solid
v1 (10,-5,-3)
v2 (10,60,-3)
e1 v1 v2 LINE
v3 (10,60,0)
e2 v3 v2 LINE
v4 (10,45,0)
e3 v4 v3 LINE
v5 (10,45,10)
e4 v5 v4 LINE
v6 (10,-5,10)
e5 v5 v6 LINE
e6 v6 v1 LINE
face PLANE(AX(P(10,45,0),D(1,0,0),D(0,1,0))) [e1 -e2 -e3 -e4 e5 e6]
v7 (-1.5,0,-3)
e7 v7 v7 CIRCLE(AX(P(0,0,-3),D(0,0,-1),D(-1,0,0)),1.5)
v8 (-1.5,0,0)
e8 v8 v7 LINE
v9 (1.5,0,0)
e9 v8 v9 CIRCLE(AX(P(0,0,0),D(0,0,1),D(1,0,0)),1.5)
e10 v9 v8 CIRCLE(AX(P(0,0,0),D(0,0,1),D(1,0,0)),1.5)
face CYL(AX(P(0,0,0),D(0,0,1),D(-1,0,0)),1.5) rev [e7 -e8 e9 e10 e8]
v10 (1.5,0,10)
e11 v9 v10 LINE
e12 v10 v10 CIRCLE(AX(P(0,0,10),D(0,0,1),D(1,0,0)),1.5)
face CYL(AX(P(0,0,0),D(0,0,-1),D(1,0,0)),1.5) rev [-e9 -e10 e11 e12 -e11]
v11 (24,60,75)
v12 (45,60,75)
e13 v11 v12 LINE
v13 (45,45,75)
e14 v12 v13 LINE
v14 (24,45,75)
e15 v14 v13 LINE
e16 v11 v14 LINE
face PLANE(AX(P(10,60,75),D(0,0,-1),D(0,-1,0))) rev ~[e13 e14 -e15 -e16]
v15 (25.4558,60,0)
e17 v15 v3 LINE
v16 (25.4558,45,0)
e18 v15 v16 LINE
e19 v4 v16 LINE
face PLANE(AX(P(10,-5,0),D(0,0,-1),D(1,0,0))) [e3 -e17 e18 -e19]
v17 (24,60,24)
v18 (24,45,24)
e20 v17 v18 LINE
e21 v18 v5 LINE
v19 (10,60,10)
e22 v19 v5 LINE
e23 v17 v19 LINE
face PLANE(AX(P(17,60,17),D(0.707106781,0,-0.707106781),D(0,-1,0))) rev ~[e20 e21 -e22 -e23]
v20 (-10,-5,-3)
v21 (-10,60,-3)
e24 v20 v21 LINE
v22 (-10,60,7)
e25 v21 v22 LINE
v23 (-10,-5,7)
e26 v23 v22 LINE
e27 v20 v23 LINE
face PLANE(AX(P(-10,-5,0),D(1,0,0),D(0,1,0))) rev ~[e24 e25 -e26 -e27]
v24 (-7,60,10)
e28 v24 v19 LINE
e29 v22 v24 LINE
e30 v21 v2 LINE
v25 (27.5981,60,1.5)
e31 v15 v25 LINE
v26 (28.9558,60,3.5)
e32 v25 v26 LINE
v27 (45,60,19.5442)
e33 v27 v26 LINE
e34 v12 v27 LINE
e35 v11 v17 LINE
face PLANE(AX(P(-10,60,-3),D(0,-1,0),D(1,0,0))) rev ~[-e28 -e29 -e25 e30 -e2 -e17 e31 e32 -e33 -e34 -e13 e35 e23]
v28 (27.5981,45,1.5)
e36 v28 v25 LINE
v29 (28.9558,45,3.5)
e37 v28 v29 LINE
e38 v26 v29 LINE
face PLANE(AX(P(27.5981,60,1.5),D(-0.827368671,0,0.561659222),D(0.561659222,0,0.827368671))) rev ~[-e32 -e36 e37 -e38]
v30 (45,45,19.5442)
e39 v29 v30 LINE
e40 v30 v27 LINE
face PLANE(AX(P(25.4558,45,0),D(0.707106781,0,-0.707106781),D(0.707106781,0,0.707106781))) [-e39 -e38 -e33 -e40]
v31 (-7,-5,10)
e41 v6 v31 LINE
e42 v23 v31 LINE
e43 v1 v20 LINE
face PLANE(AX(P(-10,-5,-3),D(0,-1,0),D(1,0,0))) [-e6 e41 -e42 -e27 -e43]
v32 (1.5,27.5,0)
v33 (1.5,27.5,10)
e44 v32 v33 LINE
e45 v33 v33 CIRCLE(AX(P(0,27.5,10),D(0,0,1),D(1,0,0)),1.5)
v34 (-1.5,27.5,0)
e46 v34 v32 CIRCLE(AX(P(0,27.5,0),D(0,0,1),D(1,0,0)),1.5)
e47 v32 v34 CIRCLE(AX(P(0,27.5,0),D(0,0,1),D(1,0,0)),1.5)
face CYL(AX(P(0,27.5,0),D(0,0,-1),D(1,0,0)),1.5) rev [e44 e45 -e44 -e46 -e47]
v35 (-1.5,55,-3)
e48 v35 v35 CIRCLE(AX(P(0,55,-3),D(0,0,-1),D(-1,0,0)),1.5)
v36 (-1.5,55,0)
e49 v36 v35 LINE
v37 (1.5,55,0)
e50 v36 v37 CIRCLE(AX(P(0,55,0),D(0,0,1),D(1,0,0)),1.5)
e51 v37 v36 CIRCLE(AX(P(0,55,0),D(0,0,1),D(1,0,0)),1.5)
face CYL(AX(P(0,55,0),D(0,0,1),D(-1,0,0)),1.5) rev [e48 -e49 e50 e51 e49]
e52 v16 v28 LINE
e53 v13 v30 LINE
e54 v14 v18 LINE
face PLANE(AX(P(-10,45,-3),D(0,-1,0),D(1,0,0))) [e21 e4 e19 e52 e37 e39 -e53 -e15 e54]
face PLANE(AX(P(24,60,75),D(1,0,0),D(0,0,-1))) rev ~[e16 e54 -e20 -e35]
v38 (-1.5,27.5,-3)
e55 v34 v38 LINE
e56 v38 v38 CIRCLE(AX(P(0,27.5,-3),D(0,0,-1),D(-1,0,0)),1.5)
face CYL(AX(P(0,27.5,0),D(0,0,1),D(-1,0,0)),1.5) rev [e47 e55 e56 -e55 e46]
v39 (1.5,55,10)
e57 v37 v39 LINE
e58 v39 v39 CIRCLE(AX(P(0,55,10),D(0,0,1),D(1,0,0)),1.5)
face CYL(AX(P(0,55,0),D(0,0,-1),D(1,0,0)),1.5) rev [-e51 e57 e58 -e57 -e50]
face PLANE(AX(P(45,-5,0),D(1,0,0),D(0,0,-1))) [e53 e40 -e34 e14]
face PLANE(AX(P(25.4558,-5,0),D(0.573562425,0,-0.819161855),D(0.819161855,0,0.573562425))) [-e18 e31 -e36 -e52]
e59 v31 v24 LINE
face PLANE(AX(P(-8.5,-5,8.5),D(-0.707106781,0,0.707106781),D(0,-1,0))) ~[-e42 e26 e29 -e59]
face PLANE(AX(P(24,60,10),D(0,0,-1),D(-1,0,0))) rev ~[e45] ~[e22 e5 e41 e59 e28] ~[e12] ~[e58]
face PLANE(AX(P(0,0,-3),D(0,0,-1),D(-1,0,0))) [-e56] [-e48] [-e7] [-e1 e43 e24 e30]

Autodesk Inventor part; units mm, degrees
ref_plane "YZ Plane" through (0, 0, 0) normal (1, 0, 0) x (0, 1, 0)
ref_plane "XZ Plane" through (0, 0, 0) normal (0, 1, 0) x (-1, 0, 0)
ref_plane "XY Plane" through (0, 0, 0) normal (0, 0, 1) x (1, 0, 0)
sketch "Sketch9" plane through (0, 0, 0) normal (0, 0, 1) x (1, 0, 0)
  line L0 (0, 0) -> (0, 55) construction
  circle A0 centre (0, 55) radius 1.5
  circle A1 centre (0, 0) radius 1.5
  circle A2 centre (0, 27.5) radius 1.5
  line L1 (-10, 60) -> (10, 60)
  line L2 (10, 60) -> (10, -5)
  line L3 (10, -5) -> (-10, -5)
  line L4 (-10, -5) -> (-10, 60)
  point P0 (-10, 27.5)
  point P1 (0, 60)
  dimension "d35" = 55
  dimension "d36" = 3
  dimension "d37" = 3
  dimension "d38" = 3
  dimension "d39" = 5
  dimension "d40" = 10
extrude "Extrusion9" add sketch "Sketch9" along normal blind 10
sketch "Sketch11" plane through (10, -5, 0) normal (1, 0, 0) x (0, 0, -1)
  line L0 (0, 65) -> (-10, 65) projected
  line L1 (0, 65) -> (-75, 65)
  line L2 (-75, 65) -> (-75, 50)
  line L3 (-75, 50) -> (0, 50)
  line L4 (0, 50) -> (0, 65)
  point P0 (0, 5)
  dimension "d43" = 15
  dimension "d44" = 75
extrude "Extrusion10" add sketch "Sketch11" along normal blind 35
sketch "Sketch12" plane through (-10, 60, 10) normal (0, 1, 0) x (1, 0, 0)
  line L0 (20, -65) -> (20, 0) projected
  line L1 (20, -65) -> (34, -65)
  line L2 (34, -65) -> (34, 0)
  line L3 (34, 0) -> (20, 0)
  line L4 (20, 0) -> (20, -65)
  point P0 (10, 10)
  dimension "d47" = 14
extrude "Extrusion11" cut sketch "Sketch12" against normal through all
chamfer "Chamfer6" distance 14 angle 45 1 edges at (24, 52.5, 10)
sketch "Sketch14" plane through (10, 45, 0) normal (0, -1, 0) x (1, 0, 0)
  line L0 (0, 10) -> (14, 24) projected
  line L1 (15.4558, 0) -> (35, 19.5442)
  line L2 (35, 75) -> (35, 0) projected
  line L3 (0, 0) -> (35, 0) projected
  line L4 (15.4558, 0) -> (35, 0)
  line L5 (35, 19.5442) -> (35, 0)
  point P0 (-10, 0)
  dimension "d73" = 18
extrude "Extrusion13" cut sketch "Sketch14" against normal through all
sketch "Sketch15" plane through (0, 0, 0) normal (0, 0, -1) x (-1, 0, 0)
  line L0 (-25.4558, 60) -> (-25.4558, 45) projected
  line L1 (-10, 45) -> (-25.4558, 45) projected
  line L2 (-10, 45) -> (-10, -5) projected
  line L3 (-10, -5) -> (10, -5) projected
  line L4 (10, -5) -> (10, 60) projected
  line L5 (10, 60) -> (-25.4558, 60) projected
  circle A0 centre (0, 55) radius 1.5 projected
  circle A1 centre (0, 0) radius 1.5 projected
  circle A2 centre (0, 27.5) radius 1.5 projected
  line L6 (-10, -5) -> (10, -5) projected
  line L7 (10, 60) -> (-10, 60) projected
  line L8 (-10, -5) -> (-10, 60)
  line L9 (-10, 60) -> (10, 60)
extrude "Extrusion14" add sketch "Sketch15" along normal blind 3 contours L5 L4 L3 L2 L8
chamfer "Chamfer8" distance 3 angle 45 1 edges at (-10, 27.5, 10)
sketch "Sketch17" plane through (-10, -5, -3) normal (0, -1, 0) x (1, 0, 0)
  line L0 (20, 3) -> (20, 13) projected
  line L1 (20, 3) -> (35.4558, 3) projected
  line L2 (20, 3) -> (35.4558, 3)
  line L3 (35.4558, 3) -> (37.5981, 4.5)
  line L4 (37.5981, 4.5) -> (49, 4.5)
  line L5 (49, 6.5) -> (36.9675, 6.5)
  line L6 (36.9675, 6.5) -> (34.8252, 5)
  line L7 (34.8252, 5) -> (20, 5)
  line L8 (20, 3) -> (20, 5)
  line L9 (49, 6.5) -> (49, 4.5)
  point P0 (10, 3)
  point P1 (55, 22.5442)
  dimension "d83" = 215
  dimension "d84" = 2
  dimension "d88" = 1.5
  dimension "d89" = 6
extrude "Extrusion16" add sketch "Sketch17" against normal blind 65
sketch "Sketch18" plane through (24, 60, 75) normal (0, 1, 0) x (1, 0, 0)
  line L0 (15, 73.5) -> (3.5981, 73.5) projected
  line L1 (4.9558, 71.5) -> (15, 71.5) projected
  line L2 (15, 71.5) -> (15, 73.5) projected
  line L3 (3.5981, 73.5) -> (4.9558, 71.5)
  point P0 (-24, 75)
extrude "Extrusion17" cut sketch "Sketch18" against normal through all
sketch "Sketch19" plane through (-10, -5, -3) normal (0, -1, 0) x (1, 0, 0)
  line L0 (34.8252, 5) -> (20, 5) projected
  line L1 (20, 3) -> (35.4558, 3) projected
  line L2 (35.4558, 3) -> (37.5981, 4.5) projected
  line L3 (37.5981, 4.5) -> (38.9558, 6.5) projected
  line L4 (38.9558, 6.5) -> (36.9675, 6.5) projected
  line L5 (36.9675, 6.5) -> (34.8252, 5) projected
  line L6 (20, 3) -> (20, 5)
  point P0 (10, 3)
extrude "Extrusion18" cut sketch "Sketch19" against normal blind 50
equation "\"Module\" = 2"
equation "\"PressureAngle\" = 20deg"
equation "\"UnitProfileClearance\" = 0.25"
equation "\"UnitRoundRadius\" = 0.35"
equation "\"HeadDiameter\" = 42"
equation "\"RootDiameter\" = 33"
equation "\"BaseDiameter\" = 35.70832"
equation "\"PitchDiameter\" = 38"
equation "\"HelixAngle\" = 0"
equation "\"UnitCorrection\" = 0"
equation "\"UnitAddendumModification\" = 0"
equation "\"CircularPitch\" = 6.283185"
equation "\"UnitBacklashShift\" = 0"
equation "\"TotalToolShift\" = 0"
equation "\"IsInternal\" = 0"
properties part number "GA04" material "ABS Plastic"
